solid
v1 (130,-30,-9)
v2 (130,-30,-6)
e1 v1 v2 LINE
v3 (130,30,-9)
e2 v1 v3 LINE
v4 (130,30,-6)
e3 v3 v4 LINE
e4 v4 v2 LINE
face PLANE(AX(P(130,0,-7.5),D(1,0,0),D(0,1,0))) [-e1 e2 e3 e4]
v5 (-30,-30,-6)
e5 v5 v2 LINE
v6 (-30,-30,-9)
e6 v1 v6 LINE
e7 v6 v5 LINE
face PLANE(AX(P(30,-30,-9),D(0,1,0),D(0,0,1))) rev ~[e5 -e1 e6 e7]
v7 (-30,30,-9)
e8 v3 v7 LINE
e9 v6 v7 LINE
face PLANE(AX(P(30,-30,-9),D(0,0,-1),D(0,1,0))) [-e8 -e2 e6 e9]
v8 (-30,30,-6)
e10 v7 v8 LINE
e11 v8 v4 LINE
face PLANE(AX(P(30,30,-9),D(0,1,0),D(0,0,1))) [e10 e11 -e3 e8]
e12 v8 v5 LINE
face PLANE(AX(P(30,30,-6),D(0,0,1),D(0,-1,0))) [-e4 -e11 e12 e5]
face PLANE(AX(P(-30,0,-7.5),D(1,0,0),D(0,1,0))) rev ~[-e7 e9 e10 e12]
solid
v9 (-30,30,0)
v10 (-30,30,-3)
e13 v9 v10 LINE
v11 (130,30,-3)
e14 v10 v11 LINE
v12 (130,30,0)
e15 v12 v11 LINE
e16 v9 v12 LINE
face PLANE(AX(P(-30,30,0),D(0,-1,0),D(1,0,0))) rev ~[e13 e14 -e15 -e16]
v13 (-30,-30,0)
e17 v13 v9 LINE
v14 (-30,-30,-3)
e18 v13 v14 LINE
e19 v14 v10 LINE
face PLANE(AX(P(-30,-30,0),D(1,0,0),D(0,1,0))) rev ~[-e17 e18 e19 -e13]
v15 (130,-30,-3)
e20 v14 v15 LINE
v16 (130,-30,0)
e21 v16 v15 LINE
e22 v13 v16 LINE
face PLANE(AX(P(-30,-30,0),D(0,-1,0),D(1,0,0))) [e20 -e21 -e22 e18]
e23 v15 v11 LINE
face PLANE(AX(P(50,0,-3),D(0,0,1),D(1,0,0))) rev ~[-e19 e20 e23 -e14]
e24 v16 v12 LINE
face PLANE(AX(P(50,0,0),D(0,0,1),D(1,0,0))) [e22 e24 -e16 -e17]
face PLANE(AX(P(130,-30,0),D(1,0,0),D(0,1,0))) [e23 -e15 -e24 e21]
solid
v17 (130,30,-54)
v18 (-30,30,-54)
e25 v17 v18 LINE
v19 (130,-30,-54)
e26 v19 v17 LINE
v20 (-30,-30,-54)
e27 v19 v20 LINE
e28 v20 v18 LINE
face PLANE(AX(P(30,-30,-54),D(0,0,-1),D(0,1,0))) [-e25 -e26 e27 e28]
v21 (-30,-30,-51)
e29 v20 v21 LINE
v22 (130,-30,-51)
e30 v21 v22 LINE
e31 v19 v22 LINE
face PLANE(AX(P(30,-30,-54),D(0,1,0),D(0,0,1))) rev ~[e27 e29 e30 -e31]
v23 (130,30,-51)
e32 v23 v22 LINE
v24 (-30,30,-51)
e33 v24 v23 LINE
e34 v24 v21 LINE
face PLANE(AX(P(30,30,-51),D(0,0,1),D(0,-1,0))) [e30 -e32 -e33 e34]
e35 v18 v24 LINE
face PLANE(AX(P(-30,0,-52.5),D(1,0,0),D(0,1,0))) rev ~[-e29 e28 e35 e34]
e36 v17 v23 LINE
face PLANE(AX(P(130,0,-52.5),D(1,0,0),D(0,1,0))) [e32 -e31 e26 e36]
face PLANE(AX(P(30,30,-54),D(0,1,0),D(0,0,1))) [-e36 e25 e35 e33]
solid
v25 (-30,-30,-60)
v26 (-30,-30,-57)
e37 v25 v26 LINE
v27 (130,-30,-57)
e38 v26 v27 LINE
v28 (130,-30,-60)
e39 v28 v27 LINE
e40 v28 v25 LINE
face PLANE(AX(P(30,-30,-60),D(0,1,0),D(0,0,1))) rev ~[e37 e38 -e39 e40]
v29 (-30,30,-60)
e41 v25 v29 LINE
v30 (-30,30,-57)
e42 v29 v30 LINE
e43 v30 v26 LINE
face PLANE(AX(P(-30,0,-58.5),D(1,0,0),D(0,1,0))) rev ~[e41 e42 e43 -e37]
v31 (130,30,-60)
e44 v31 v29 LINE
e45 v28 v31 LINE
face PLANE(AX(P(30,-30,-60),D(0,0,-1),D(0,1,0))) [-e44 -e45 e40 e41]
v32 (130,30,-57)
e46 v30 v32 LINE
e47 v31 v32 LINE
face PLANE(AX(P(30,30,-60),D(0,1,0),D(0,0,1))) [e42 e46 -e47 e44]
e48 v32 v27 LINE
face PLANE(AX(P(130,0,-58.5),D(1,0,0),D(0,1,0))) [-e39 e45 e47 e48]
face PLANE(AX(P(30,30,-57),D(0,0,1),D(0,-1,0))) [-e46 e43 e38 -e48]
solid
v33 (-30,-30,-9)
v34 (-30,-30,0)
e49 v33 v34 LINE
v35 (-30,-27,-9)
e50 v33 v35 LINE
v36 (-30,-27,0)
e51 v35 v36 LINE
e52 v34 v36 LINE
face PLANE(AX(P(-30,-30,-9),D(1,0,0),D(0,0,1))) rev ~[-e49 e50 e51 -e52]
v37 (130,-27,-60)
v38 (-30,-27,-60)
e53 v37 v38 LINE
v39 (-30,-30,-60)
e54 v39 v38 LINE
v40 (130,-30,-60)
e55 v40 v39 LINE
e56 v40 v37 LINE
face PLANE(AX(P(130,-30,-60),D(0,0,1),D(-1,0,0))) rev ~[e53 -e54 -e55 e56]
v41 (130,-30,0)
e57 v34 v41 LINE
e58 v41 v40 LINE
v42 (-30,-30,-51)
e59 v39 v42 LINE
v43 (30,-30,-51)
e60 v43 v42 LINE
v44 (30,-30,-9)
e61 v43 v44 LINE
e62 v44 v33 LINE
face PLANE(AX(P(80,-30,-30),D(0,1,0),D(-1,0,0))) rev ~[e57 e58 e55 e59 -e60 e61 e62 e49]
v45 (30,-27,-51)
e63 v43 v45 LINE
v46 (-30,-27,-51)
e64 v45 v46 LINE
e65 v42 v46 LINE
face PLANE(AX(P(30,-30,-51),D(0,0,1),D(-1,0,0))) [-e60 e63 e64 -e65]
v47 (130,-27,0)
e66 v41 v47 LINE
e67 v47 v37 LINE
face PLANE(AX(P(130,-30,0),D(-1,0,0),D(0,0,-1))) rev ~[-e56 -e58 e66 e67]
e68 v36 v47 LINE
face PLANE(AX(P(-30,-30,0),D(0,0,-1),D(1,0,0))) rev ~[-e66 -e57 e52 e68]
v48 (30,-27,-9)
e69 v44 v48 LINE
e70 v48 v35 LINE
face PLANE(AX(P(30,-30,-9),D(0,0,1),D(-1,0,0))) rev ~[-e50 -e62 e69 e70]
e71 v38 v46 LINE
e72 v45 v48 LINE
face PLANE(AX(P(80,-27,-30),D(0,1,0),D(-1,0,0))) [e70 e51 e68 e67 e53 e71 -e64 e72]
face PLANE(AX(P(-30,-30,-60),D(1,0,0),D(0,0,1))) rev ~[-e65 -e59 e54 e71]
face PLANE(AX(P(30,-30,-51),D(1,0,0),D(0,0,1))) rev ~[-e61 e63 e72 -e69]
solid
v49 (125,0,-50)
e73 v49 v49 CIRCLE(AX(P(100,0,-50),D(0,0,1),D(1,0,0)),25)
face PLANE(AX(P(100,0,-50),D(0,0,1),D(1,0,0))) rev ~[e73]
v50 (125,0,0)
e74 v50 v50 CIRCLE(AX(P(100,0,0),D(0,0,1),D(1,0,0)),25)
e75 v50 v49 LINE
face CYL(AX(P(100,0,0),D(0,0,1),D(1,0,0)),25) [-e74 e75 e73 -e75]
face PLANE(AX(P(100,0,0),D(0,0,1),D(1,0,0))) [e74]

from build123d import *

# Parameters (mm, degrees)
F3_R           = 25
F12_DEPTH      = 50
F9_W           = 160
F9_H           = 60
F13_DEPTH      = 3
F7_W           = 54
F7_H           = 3
F7_W_2         = 3
F14_DEPTH      = 100
F14_DEPTH_BACK = 60
F15_DEPTH      = 100
F15_DEPTH_BACK = 60
F16_DEPTH      = 100
F16_DEPTH_BACK = 60
F11_W          = 60
F11_H          = 9
F17_DEPTH      = 3


with BuildPart() as f12:
    # F3 (on Top) → F12 (new body)
    with BuildSketch(Plane.XY):
        with Locations((100, 0)):
            Circle(F3_R)
    extrude(amount=-F12_DEPTH)


with BuildPart() as f13:
    # F9 (on Top) → F13 (new body)
    with BuildSketch(Plane.XY):
        with Locations((50, 0)):
            Rectangle(F9_W, F9_H)
    extrude(amount=-F13_DEPTH)


with BuildPart() as f14:
    # F7 (on line) → F14 (new body, two sides)
    with BuildSketch(Plane.YZ.offset(30)) as f14_sk:
        with Locations((0, -7.5)):
            Rectangle(F7_W, F7_H)
        with Locations((28.5, -7.5)):
            Rectangle(F7_W_2, F7_H)
        with Locations((-28.5, -7.5)):
            Rectangle(F7_W_2, F7_H)
    extrude(amount=F14_DEPTH)
    extrude(f14_sk.sketch, amount=-F14_DEPTH_BACK)


with BuildPart() as f15:
    # F7 (on line) → F15 (new body, two sides)
    with BuildSketch(Plane.YZ.offset(30)) as f15_sk:
        with Locations((0, -52.5)):
            Rectangle(F7_W, F7_H)
        with Locations((28.5, -52.5)):
            Rectangle(F7_W_2, F7_H)
        with Locations((-28.5, -52.5)):
            Rectangle(F7_W_2, F7_H)
    extrude(amount=F15_DEPTH)
    extrude(f15_sk.sketch, amount=-F15_DEPTH_BACK)


with BuildPart() as f16:
    # F7 (on line) → F16 (new body, two sides)
    with BuildSketch(Plane.YZ.offset(30)) as f16_sk:
        with Locations((0, -58.5)):
            Rectangle(F7_W, F7_H)
        with Locations((28.5, -58.5)):
            Rectangle(F7_W_2, F7_H)
        with Locations((-28.5, -58.5)):
            Rectangle(F7_W_2, F7_H)
    extrude(amount=F16_DEPTH)
    extrude(f16_sk.sketch, amount=-F16_DEPTH_BACK)


with BuildPart() as f17:
    # F11 (on line) → F17 (new body)
    with BuildSketch(Plane(origin=(0, -30, 0), x_dir=(-1, 0, 0), z_dir=(0, 1, 0))):
        Polygon((-30, -9), (-30, 0), (-130, 0), (-130, -60), (-30, -60), (-30, -51), align=None)
        with Locations((0, -4.5)):
            Rectangle(F11_W, F11_H)
        with Locations((0, -55.5)):
            Rectangle(F11_W, F11_H)
    extrude(amount=F17_DEPTH)


solid = Compound([f12.part, f13.part, f14.part, f15.part, f16.part, f17.part])
